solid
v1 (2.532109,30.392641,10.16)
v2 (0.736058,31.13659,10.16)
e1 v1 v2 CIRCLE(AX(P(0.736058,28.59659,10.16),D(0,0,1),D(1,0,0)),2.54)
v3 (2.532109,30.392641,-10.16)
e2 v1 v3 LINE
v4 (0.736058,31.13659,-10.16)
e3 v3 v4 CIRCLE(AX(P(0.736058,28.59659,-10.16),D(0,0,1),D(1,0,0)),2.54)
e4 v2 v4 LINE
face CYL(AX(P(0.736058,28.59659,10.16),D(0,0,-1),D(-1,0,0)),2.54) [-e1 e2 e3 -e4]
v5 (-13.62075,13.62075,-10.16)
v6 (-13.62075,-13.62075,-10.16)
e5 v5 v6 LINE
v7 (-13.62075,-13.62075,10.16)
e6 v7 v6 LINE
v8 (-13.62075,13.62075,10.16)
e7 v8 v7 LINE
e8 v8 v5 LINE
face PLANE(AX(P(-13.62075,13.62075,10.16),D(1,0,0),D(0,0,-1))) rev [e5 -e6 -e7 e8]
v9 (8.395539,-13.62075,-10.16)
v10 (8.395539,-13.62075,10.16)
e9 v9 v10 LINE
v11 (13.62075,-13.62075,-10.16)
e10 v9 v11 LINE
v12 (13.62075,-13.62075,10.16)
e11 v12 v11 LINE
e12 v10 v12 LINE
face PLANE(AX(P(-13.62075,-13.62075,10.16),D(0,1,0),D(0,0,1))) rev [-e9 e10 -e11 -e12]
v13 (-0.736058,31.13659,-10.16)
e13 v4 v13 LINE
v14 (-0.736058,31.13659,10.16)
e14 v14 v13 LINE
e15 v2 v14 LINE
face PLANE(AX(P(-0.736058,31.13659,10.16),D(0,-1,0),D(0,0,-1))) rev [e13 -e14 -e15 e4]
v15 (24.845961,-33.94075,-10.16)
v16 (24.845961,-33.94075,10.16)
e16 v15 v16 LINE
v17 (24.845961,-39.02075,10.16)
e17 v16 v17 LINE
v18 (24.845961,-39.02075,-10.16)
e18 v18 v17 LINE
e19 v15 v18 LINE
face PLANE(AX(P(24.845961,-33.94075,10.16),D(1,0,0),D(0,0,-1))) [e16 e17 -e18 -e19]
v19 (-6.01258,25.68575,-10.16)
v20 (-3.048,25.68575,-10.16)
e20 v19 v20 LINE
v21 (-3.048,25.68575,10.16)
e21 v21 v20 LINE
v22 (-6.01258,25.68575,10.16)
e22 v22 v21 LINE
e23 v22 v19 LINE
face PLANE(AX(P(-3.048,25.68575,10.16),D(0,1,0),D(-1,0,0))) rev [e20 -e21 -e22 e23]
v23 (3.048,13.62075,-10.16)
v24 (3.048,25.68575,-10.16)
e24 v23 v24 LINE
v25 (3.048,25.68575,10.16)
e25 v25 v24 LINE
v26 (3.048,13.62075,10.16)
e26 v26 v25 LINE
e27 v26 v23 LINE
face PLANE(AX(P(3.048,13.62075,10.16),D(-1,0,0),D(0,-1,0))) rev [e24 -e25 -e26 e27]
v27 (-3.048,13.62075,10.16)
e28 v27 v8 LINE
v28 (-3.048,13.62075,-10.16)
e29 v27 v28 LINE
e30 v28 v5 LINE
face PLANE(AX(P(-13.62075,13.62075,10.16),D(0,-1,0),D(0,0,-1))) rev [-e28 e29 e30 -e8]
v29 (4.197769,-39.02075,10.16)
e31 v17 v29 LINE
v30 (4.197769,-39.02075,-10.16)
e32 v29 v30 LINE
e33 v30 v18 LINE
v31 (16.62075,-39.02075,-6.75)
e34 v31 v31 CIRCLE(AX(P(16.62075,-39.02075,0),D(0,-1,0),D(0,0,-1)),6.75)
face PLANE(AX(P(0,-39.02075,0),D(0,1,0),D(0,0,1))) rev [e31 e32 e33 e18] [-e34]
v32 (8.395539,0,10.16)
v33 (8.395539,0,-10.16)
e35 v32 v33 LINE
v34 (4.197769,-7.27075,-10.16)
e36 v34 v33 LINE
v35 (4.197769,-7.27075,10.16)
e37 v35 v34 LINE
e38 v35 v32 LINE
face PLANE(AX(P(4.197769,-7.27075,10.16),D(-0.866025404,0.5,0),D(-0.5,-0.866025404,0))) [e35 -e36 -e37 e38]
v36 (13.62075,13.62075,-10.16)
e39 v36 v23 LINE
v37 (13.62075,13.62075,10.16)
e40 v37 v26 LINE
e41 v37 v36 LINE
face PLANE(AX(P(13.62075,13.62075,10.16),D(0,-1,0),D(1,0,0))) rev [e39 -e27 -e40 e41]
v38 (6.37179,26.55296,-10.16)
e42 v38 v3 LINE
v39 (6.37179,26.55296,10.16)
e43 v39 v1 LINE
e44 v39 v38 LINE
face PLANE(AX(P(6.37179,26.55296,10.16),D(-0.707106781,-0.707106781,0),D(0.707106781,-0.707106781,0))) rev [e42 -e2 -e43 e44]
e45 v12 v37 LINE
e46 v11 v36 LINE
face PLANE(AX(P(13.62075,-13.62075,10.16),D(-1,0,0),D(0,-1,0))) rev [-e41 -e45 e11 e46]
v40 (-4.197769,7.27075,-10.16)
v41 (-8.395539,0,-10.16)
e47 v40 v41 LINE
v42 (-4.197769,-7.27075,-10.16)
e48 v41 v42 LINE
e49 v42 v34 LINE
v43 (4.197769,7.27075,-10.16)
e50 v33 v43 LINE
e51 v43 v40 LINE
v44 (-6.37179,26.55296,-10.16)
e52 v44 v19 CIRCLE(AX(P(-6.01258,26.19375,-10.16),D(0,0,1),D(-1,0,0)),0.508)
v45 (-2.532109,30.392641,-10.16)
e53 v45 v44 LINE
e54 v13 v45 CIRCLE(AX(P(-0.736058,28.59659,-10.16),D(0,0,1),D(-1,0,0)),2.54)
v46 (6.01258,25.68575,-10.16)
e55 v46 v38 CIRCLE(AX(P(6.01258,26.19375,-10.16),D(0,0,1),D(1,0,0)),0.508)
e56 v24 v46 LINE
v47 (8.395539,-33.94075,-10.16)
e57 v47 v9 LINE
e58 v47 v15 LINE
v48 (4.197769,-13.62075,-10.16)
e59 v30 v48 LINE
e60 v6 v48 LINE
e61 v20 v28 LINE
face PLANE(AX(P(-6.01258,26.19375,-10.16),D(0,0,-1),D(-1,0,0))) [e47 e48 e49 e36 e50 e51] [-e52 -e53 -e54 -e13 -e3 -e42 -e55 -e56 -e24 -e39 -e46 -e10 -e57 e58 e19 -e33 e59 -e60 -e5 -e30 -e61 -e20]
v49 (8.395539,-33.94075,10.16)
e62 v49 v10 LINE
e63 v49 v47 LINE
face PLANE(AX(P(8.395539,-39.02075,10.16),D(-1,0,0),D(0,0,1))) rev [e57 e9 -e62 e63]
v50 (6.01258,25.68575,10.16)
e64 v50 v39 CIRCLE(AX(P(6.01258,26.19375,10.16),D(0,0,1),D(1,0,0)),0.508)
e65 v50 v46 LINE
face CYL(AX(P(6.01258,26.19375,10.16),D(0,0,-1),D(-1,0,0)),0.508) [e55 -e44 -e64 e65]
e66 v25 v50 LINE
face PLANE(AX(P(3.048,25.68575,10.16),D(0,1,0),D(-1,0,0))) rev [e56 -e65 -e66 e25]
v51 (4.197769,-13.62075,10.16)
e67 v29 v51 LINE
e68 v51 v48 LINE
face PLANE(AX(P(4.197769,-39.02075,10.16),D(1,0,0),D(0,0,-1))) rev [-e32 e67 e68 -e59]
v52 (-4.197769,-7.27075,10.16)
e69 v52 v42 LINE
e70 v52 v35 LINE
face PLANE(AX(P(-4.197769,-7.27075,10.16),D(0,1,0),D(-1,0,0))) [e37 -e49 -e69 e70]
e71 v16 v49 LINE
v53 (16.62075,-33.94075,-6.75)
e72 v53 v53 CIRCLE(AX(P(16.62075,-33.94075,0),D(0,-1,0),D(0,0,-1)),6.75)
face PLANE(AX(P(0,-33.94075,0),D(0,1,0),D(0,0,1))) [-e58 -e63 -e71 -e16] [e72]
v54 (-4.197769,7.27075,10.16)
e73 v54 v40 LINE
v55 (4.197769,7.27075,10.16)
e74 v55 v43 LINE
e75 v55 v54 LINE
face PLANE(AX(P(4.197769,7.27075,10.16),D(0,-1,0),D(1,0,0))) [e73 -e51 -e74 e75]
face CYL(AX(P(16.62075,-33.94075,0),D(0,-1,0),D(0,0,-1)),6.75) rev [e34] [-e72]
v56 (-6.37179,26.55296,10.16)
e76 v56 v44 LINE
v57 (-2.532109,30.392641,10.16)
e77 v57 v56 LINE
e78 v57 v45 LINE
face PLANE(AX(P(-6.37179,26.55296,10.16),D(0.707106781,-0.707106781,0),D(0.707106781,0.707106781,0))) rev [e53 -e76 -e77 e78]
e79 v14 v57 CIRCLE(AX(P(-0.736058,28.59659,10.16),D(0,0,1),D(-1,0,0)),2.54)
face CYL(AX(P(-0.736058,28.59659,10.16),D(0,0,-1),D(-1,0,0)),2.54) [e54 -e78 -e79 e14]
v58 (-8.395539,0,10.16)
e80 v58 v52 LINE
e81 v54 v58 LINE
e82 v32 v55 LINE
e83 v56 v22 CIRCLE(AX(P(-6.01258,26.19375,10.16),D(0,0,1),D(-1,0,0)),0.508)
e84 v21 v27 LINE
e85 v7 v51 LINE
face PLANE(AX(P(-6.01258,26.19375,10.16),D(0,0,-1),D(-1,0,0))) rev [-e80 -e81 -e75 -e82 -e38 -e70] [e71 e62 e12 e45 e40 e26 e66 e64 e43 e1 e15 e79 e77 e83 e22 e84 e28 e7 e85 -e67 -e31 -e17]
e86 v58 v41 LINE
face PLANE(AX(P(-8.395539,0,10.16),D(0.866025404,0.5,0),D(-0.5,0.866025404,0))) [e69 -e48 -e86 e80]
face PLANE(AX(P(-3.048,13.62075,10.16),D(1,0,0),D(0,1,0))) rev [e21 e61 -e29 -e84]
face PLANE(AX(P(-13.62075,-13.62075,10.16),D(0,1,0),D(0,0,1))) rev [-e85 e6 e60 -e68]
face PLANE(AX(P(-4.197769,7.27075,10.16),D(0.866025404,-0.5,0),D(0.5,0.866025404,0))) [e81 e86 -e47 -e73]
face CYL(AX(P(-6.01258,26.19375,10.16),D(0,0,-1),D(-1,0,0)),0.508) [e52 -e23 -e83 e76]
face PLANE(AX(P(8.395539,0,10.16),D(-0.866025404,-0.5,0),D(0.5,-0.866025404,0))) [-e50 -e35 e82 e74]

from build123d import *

# Parameters (mm, degrees)
BOSS_EXTRUDE1_DEPTH = 10.16
SKETCH3_W           = 4.197769469
SKETCH3_H           = 20.32
BOSS_EXTRUDE2_DEPTH = 25.4
SKETCH4_W           = 16.450422122
SKETCH4_H           = 20.32
SKETCH4_R           = 6.75
BOSS_EXTRUDE3_DEPTH = 5.08


with BuildPart() as part:
    # Sketch1 → Boss-Extrude1 (new, symmetric)
    with BuildSketch(Plane.XY):
        with BuildLine():
            Line((-13.62075, 13.62075), (-13.62075, -13.62075))
            Line((-13.62075, -13.62075), (13.62075, -13.62075))
            Line((13.62075, -13.62075), (13.62075, 13.62075))
            Line((13.62075, 13.62075), (3.048, 13.62075))
            Line((3.048, 13.62075), (3.048, 25.68575))
            Line((3.048, 25.68575), (6.01257951, 25.68575))
            ThreePointArc((6.01257951, 25.68575), (6.481910313, 25.999346816), (6.371789755, 26.552960245))
            Line((6.371789755, 26.552960245), (2.532108776, 30.392641224))
            ThreePointArc((2.532108776, 30.392641224), (1.70807347, 30.943244013), (0.736057552, 31.13659))
            Line((0.736057552, 31.13659), (-0.736057552, 31.13659))
            ThreePointArc((-0.736057552, 31.13659), (-1.70807347, 30.943244013), (-2.532108776, 30.392641224))
            Line((-2.532108776, 30.392641224), (-6.371789755, 26.552960245))
            ThreePointArc((-6.371789755, 26.552960245), (-6.481910313, 25.999346816), (-6.01257951, 25.68575))
            Line((-6.01257951, 25.68575), (-3.048, 25.68575))
            Line((-3.048, 25.68575), (-3.048, 13.62075))
            Line((-3.048, 13.62075), (-13.62075, 13.62075))
        make_face()
        Polygon((-4.19776947, 7.27075), (-8.395538939, 0), (-4.19776947, -7.27075), (4.19776947, -7.27075), (8.395538939, 0), (4.19776947, 7.27075), align=None, mode=Mode.SUBTRACT)
    extrude(amount=BOSS_EXTRUDE1_DEPTH, both=True)

    # Sketch3 → Boss-Extrude2 (add)
    with BuildSketch(Plane.XZ.offset(13.62075)):
        with Locations((6.296654204, 0)):
            Rectangle(SKETCH3_W, SKETCH3_H)
    extrude(amount=BOSS_EXTRUDE2_DEPTH)

    # Sketch4 → Boss-Extrude3 (add)
    with BuildSketch(Plane.XZ.offset(39.02075)):
        with Locations((16.62075, 0)):
            Rectangle(SKETCH4_W, SKETCH4_H)
        with Locations(Location((16.62075, 0, 0), (0, 0, 270))):
            Circle(SKETCH4_R, mode=Mode.SUBTRACT)
    extrude(amount=-BOSS_EXTRUDE3_DEPTH)


solid = part.part
